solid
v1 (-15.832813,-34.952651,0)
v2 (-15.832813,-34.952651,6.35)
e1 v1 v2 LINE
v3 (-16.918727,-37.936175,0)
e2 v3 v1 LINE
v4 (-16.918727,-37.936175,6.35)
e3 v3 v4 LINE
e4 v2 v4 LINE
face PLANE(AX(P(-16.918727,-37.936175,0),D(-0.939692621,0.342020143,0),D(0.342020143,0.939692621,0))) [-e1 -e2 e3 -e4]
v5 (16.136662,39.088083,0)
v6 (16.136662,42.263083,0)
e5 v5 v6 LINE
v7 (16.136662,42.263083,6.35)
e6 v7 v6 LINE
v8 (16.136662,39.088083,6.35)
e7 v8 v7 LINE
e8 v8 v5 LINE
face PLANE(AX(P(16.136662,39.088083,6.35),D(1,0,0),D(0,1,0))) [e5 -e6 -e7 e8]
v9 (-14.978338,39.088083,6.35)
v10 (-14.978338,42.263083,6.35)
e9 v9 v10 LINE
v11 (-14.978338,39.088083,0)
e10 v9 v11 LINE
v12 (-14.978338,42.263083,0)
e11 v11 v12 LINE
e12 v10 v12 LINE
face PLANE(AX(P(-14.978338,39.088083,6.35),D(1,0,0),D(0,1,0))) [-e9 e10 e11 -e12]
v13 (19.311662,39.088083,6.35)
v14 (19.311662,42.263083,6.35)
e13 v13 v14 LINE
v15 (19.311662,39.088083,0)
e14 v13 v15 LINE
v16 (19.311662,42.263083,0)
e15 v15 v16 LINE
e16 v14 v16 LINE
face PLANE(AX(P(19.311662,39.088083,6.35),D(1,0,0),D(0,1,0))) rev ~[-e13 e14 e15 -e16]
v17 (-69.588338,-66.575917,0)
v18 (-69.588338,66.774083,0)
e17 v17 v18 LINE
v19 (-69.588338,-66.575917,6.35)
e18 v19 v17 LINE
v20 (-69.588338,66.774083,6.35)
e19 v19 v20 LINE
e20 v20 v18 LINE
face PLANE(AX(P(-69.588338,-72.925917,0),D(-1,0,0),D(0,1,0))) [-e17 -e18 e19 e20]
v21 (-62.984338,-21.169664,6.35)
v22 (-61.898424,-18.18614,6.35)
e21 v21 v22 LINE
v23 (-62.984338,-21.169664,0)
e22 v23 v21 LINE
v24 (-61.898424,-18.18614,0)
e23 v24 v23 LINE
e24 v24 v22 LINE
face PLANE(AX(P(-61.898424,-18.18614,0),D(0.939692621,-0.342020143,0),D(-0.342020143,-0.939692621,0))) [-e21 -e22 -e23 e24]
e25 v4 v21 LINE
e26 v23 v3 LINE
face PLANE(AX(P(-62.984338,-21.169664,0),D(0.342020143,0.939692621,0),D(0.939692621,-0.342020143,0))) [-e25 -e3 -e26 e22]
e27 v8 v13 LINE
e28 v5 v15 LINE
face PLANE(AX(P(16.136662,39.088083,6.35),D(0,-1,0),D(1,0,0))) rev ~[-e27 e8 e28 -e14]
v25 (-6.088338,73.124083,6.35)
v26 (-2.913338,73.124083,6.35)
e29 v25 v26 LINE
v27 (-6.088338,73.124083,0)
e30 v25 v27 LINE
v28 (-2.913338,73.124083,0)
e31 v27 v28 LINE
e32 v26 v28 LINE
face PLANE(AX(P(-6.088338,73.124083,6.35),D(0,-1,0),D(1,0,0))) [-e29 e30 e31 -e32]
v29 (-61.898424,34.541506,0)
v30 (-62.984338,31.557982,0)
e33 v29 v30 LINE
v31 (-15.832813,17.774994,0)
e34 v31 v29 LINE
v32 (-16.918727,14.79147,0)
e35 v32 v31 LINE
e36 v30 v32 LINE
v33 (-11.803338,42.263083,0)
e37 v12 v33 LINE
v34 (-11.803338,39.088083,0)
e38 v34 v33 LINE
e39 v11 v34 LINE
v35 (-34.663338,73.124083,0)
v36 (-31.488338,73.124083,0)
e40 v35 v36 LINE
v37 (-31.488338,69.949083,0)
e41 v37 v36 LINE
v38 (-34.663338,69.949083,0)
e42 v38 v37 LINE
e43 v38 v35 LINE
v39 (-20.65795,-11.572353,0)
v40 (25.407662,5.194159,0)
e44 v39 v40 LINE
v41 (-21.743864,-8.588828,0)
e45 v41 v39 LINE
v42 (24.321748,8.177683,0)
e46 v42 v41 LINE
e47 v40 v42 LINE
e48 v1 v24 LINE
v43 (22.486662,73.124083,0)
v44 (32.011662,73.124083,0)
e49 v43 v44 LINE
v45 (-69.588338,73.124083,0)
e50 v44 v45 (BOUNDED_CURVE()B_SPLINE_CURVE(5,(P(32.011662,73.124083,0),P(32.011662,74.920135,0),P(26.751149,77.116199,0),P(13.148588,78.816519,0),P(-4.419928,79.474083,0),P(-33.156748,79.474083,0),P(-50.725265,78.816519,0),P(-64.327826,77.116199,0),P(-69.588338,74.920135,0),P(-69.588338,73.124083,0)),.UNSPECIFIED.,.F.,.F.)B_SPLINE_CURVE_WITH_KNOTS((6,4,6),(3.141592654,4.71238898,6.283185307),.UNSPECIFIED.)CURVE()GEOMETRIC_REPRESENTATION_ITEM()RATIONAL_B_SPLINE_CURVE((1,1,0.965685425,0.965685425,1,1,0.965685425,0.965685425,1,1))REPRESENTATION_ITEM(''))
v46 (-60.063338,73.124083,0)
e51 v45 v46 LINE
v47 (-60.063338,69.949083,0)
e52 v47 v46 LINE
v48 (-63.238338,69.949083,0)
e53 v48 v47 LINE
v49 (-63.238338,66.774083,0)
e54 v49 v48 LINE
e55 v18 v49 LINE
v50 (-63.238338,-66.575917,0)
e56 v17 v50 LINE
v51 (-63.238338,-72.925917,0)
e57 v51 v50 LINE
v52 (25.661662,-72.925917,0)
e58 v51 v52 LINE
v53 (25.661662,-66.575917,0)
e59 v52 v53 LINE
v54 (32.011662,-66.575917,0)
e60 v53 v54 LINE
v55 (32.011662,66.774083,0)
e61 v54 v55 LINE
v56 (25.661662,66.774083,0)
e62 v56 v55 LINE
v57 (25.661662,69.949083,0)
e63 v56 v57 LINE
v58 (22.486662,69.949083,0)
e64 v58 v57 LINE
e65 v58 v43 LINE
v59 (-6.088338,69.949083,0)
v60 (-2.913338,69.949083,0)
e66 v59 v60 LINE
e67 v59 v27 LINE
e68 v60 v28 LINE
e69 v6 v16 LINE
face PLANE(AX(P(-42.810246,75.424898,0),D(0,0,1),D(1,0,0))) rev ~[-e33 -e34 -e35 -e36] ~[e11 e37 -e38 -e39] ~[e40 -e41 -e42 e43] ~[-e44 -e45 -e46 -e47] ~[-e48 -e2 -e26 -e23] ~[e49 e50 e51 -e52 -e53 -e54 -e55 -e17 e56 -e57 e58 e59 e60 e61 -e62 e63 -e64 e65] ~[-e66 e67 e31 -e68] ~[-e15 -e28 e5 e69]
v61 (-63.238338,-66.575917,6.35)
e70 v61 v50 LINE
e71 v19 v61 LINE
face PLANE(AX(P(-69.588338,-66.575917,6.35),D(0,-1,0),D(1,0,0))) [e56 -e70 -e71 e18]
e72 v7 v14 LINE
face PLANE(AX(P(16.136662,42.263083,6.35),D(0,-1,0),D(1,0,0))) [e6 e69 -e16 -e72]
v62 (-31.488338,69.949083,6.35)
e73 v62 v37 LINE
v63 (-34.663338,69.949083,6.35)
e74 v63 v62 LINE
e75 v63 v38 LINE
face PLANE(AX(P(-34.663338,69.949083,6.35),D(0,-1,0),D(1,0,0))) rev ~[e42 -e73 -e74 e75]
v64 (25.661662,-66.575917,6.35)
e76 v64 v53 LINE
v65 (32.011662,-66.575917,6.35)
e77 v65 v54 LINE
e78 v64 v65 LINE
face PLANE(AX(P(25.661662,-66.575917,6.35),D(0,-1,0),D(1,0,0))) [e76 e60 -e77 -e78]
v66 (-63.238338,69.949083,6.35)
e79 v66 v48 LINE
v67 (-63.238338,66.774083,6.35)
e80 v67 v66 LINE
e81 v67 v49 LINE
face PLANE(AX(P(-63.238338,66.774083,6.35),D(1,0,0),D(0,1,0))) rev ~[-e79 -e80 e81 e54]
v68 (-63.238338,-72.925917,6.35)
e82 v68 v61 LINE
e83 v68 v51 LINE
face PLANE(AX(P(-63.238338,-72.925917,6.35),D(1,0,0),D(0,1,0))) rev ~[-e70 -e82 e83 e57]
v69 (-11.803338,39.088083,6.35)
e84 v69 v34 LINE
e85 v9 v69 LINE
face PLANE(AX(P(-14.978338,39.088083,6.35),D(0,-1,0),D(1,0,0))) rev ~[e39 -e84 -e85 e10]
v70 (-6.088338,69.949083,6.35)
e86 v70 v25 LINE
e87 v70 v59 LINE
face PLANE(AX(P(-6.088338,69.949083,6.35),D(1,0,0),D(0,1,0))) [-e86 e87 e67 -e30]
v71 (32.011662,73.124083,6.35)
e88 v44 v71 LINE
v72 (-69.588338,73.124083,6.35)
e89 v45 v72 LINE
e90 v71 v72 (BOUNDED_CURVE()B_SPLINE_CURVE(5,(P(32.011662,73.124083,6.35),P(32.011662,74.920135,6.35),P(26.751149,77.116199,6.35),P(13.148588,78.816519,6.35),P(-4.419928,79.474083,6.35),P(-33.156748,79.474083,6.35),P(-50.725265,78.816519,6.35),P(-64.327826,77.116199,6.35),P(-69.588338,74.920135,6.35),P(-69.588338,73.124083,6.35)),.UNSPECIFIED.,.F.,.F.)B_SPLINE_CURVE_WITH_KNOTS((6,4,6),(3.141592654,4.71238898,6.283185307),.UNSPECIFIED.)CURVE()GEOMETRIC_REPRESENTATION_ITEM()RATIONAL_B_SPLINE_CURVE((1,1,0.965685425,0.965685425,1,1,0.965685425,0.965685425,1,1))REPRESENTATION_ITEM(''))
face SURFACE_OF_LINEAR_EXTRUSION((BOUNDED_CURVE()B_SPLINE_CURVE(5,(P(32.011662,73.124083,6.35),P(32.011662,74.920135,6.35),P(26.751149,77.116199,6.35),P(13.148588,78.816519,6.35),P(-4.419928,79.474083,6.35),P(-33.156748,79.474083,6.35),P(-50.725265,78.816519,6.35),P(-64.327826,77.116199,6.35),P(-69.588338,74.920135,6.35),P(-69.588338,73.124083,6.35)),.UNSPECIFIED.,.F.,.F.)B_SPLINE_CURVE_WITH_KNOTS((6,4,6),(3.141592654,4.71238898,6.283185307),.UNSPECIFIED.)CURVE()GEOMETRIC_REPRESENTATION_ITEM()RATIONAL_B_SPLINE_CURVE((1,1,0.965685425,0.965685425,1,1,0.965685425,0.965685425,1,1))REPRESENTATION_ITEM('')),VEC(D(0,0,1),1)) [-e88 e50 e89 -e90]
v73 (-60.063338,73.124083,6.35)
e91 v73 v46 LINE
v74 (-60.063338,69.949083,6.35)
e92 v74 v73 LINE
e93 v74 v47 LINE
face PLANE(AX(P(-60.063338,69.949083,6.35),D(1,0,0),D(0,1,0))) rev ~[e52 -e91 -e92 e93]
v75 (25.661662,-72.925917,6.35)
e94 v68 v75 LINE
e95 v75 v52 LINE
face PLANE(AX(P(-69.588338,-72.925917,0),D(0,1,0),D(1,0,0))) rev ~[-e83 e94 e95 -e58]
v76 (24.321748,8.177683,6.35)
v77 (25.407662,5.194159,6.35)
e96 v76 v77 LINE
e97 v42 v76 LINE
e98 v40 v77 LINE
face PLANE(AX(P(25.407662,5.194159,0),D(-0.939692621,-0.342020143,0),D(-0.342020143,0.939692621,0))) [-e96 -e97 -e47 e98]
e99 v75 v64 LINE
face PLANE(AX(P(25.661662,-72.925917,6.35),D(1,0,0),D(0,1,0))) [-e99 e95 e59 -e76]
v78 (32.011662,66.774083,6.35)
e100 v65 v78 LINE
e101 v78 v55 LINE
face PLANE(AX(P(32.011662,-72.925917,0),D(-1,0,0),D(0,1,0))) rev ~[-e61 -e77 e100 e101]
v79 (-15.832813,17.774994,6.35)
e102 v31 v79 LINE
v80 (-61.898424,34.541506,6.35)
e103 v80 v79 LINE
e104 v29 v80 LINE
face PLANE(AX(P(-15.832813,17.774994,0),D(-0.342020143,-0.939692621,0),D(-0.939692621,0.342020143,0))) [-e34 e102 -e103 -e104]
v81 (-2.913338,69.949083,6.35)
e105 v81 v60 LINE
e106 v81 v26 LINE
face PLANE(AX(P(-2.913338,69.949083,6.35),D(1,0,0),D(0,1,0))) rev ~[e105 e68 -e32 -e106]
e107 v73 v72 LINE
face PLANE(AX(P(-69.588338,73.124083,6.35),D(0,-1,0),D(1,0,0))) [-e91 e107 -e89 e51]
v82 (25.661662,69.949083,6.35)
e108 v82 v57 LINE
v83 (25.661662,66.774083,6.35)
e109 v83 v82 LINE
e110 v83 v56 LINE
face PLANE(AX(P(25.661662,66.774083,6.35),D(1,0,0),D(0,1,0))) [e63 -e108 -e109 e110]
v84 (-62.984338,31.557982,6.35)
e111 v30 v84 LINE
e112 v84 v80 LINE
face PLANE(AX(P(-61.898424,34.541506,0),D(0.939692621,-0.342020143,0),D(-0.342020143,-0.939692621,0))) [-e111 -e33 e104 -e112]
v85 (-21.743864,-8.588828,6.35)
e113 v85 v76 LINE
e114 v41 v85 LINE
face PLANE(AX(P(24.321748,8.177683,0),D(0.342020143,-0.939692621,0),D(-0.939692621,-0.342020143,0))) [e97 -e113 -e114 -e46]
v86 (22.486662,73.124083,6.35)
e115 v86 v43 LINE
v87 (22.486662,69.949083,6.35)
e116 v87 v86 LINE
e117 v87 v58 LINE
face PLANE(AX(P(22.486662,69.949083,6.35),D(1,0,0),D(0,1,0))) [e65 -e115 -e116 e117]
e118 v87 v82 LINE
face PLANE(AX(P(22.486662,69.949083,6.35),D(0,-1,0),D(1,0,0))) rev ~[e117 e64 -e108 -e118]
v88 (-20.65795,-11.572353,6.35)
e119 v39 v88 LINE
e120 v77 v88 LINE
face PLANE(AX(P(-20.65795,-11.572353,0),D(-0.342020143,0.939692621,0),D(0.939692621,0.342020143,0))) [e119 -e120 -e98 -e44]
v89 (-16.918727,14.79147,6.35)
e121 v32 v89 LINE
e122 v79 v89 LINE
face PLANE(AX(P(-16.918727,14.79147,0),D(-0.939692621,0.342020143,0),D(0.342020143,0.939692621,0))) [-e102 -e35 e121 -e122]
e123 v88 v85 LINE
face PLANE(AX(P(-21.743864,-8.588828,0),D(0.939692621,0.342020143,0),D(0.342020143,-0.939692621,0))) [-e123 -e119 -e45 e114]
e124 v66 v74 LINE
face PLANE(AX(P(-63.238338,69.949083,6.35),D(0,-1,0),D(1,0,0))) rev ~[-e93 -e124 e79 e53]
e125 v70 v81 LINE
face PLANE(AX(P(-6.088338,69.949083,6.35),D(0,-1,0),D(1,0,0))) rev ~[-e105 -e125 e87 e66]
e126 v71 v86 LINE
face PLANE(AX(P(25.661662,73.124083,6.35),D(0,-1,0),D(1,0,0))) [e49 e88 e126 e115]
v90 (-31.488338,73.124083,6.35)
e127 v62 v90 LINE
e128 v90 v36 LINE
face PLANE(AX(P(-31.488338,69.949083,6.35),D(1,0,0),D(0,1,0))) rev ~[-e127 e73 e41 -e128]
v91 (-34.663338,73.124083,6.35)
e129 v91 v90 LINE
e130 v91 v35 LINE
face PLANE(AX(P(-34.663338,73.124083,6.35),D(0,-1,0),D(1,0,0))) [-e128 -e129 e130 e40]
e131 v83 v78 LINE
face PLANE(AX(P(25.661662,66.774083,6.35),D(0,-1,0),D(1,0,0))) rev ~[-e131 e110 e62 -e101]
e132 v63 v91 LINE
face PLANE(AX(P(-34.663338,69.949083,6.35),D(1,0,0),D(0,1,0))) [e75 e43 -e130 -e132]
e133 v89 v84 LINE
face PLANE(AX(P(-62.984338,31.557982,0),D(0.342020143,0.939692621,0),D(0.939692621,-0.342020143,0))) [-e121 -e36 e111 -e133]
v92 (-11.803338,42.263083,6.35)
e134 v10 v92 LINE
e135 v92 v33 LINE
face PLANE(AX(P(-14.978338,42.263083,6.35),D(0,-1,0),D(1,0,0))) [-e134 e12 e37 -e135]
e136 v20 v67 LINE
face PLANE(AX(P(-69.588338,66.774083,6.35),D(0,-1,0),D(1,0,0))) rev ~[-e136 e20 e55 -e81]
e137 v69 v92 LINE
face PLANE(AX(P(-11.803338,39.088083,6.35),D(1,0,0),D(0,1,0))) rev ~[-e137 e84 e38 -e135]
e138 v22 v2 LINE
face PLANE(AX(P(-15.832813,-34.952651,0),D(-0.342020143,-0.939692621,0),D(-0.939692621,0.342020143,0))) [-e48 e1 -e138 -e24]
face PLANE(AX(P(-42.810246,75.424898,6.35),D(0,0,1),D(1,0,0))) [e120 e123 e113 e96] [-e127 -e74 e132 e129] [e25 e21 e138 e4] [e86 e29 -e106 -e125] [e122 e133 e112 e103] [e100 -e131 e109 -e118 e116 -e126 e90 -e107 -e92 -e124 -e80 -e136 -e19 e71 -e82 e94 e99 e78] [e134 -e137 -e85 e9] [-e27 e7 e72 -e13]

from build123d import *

# Parameters (mm, degrees)
F0_W      = 101.6
F0_H      = 146.05
F1_DEPTH  = 6.35
F3_DEPTH  = 6.35
F4_W      = 6.35
F4_H      = 6.35
F5_DEPTH  = 6.3510001
F6_W      = 3.175
F6_H      = 3.175
F7_DEPTH  = 6.3510001
F9_DEPTH  = 18.288
F11_DEPTH = 25.654
F13_DEPTH = 37.846


with BuildPart() as f1:
    # F0 (on Top) → F1 (new body)
    with BuildSketch(Plane.XY):
        with Locations((-18.788338281, 0.0990834087)):
            Rectangle(F0_W, F0_H)
    extrude(amount=F1_DEPTH)

    # F2 (on face) → F3 (join)
    with BuildSketch(Plane.XY.offset(6.35)):
        with BuildLine():
            add(Edge.make_bspline(
                [(-18.788338281, 79.4740834087), (-69.588338281, 79.4740834087), (-69.588338281, 73.1240834087)],
                knots=[4.7123889804, 4.7123889804, 4.7123889804, 6.2831853072, 6.2831853072, 6.2831853072], degree=2, weights=[1, 0.7071067812, 1]))
            Line((-69.588338281, 73.1240834087), (-18.788338281, 73.1240834087))
            Line((-18.788338281, 73.1240834087), (-18.788338281, 79.4740834087))
        make_face()
        with BuildLine():
            Line((-18.788338281, 79.4740834087), (-18.788338281, 73.1240834087))
            Line((-18.788338281, 73.1240834087), (32.011661719, 73.1240834087))
            add(Edge.make_bspline(
                [(32.011661719, 73.1240834087), (32.011661719, 79.4740834087), (-18.788338281, 79.4740834087)],
                knots=[3.1415926536, 3.1415926536, 3.1415926536, 4.7123889804, 4.7123889804, 4.7123889804], degree=2, weights=[1, 0.7071067812, 1]))
        make_face()
    extrude(amount=-F3_DEPTH)

    # F4 (on face) → F5 (cut, through all)
    with BuildSketch(Plane.XY.offset(6.35)):
        with Locations((-66.413338281, 69.9490834087)):
            Rectangle(F4_W, F4_H)
        with Locations((28.836661719, 69.9490834087)):
            Rectangle(F4_W, F4_H)
        with Locations((28.836661719, -69.7509165913)):
            Rectangle(F4_W, F4_H)
        with Locations((-66.413338281, -69.7509165913)):
            Rectangle(F4_W, F4_H)
    extrude(amount=-F5_DEPTH, mode=Mode.SUBTRACT)

    # F6 (on face) → F7 (cut, through all)
    with BuildSketch(Plane.XY.offset(6.35)):
        with Locations((-61.650838281, 71.5365834087)):
            Rectangle(F6_W, F6_H)
        with Locations((-33.075838281, 71.5365834087)):
            Rectangle(F6_W, F6_H)
        with Locations((-4.500838281, 71.5365834087)):
            Rectangle(F6_W, F6_H)
        with Locations((24.074161719, 71.5365834087)):
            Rectangle(F6_W, F6_H)
        with Locations((17.724161719, 40.6755834087)):
            Rectangle(F6_W, F6_H)
        with Locations((-13.390838281, 40.6755834087)):
            Rectangle(F6_W, F6_H)
    extrude(amount=-F7_DEPTH, mode=Mode.SUBTRACT)

    # F8 (on Top) → F9 (cut)
    with BuildSketch(Plane.XY):
        Polygon((-61.8984243259, 34.5415057816), (-62.984338281, 31.5579817106), (-16.9187266248, 14.7914702445), (-15.8328126697, 17.7749943155), align=None)
    extrude(amount=F9_DEPTH, mode=Mode.SUBTRACT)

    # F10 (on Top) → F11 (cut)
    with BuildSketch(Plane.XY):
        Polygon((24.321747764, 8.1776830323), (-21.7438638922, -8.5888284338), (-20.6579499371, -11.5723525048), (25.407661719, 5.1941589613), align=None)
    extrude(amount=F11_DEPTH, mode=Mode.SUBTRACT)

    # F12 (on Top) → F13 (cut)
    with BuildSketch(Plane.XY):
        Polygon((-15.8328126697, -34.9526511831), (-61.8984243259, -18.186139717), (-62.984338281, -21.169663788), (-16.9187266248, -37.9361752541), align=None)
    extrude(amount=F13_DEPTH, mode=Mode.SUBTRACT)


solid = f1.part
